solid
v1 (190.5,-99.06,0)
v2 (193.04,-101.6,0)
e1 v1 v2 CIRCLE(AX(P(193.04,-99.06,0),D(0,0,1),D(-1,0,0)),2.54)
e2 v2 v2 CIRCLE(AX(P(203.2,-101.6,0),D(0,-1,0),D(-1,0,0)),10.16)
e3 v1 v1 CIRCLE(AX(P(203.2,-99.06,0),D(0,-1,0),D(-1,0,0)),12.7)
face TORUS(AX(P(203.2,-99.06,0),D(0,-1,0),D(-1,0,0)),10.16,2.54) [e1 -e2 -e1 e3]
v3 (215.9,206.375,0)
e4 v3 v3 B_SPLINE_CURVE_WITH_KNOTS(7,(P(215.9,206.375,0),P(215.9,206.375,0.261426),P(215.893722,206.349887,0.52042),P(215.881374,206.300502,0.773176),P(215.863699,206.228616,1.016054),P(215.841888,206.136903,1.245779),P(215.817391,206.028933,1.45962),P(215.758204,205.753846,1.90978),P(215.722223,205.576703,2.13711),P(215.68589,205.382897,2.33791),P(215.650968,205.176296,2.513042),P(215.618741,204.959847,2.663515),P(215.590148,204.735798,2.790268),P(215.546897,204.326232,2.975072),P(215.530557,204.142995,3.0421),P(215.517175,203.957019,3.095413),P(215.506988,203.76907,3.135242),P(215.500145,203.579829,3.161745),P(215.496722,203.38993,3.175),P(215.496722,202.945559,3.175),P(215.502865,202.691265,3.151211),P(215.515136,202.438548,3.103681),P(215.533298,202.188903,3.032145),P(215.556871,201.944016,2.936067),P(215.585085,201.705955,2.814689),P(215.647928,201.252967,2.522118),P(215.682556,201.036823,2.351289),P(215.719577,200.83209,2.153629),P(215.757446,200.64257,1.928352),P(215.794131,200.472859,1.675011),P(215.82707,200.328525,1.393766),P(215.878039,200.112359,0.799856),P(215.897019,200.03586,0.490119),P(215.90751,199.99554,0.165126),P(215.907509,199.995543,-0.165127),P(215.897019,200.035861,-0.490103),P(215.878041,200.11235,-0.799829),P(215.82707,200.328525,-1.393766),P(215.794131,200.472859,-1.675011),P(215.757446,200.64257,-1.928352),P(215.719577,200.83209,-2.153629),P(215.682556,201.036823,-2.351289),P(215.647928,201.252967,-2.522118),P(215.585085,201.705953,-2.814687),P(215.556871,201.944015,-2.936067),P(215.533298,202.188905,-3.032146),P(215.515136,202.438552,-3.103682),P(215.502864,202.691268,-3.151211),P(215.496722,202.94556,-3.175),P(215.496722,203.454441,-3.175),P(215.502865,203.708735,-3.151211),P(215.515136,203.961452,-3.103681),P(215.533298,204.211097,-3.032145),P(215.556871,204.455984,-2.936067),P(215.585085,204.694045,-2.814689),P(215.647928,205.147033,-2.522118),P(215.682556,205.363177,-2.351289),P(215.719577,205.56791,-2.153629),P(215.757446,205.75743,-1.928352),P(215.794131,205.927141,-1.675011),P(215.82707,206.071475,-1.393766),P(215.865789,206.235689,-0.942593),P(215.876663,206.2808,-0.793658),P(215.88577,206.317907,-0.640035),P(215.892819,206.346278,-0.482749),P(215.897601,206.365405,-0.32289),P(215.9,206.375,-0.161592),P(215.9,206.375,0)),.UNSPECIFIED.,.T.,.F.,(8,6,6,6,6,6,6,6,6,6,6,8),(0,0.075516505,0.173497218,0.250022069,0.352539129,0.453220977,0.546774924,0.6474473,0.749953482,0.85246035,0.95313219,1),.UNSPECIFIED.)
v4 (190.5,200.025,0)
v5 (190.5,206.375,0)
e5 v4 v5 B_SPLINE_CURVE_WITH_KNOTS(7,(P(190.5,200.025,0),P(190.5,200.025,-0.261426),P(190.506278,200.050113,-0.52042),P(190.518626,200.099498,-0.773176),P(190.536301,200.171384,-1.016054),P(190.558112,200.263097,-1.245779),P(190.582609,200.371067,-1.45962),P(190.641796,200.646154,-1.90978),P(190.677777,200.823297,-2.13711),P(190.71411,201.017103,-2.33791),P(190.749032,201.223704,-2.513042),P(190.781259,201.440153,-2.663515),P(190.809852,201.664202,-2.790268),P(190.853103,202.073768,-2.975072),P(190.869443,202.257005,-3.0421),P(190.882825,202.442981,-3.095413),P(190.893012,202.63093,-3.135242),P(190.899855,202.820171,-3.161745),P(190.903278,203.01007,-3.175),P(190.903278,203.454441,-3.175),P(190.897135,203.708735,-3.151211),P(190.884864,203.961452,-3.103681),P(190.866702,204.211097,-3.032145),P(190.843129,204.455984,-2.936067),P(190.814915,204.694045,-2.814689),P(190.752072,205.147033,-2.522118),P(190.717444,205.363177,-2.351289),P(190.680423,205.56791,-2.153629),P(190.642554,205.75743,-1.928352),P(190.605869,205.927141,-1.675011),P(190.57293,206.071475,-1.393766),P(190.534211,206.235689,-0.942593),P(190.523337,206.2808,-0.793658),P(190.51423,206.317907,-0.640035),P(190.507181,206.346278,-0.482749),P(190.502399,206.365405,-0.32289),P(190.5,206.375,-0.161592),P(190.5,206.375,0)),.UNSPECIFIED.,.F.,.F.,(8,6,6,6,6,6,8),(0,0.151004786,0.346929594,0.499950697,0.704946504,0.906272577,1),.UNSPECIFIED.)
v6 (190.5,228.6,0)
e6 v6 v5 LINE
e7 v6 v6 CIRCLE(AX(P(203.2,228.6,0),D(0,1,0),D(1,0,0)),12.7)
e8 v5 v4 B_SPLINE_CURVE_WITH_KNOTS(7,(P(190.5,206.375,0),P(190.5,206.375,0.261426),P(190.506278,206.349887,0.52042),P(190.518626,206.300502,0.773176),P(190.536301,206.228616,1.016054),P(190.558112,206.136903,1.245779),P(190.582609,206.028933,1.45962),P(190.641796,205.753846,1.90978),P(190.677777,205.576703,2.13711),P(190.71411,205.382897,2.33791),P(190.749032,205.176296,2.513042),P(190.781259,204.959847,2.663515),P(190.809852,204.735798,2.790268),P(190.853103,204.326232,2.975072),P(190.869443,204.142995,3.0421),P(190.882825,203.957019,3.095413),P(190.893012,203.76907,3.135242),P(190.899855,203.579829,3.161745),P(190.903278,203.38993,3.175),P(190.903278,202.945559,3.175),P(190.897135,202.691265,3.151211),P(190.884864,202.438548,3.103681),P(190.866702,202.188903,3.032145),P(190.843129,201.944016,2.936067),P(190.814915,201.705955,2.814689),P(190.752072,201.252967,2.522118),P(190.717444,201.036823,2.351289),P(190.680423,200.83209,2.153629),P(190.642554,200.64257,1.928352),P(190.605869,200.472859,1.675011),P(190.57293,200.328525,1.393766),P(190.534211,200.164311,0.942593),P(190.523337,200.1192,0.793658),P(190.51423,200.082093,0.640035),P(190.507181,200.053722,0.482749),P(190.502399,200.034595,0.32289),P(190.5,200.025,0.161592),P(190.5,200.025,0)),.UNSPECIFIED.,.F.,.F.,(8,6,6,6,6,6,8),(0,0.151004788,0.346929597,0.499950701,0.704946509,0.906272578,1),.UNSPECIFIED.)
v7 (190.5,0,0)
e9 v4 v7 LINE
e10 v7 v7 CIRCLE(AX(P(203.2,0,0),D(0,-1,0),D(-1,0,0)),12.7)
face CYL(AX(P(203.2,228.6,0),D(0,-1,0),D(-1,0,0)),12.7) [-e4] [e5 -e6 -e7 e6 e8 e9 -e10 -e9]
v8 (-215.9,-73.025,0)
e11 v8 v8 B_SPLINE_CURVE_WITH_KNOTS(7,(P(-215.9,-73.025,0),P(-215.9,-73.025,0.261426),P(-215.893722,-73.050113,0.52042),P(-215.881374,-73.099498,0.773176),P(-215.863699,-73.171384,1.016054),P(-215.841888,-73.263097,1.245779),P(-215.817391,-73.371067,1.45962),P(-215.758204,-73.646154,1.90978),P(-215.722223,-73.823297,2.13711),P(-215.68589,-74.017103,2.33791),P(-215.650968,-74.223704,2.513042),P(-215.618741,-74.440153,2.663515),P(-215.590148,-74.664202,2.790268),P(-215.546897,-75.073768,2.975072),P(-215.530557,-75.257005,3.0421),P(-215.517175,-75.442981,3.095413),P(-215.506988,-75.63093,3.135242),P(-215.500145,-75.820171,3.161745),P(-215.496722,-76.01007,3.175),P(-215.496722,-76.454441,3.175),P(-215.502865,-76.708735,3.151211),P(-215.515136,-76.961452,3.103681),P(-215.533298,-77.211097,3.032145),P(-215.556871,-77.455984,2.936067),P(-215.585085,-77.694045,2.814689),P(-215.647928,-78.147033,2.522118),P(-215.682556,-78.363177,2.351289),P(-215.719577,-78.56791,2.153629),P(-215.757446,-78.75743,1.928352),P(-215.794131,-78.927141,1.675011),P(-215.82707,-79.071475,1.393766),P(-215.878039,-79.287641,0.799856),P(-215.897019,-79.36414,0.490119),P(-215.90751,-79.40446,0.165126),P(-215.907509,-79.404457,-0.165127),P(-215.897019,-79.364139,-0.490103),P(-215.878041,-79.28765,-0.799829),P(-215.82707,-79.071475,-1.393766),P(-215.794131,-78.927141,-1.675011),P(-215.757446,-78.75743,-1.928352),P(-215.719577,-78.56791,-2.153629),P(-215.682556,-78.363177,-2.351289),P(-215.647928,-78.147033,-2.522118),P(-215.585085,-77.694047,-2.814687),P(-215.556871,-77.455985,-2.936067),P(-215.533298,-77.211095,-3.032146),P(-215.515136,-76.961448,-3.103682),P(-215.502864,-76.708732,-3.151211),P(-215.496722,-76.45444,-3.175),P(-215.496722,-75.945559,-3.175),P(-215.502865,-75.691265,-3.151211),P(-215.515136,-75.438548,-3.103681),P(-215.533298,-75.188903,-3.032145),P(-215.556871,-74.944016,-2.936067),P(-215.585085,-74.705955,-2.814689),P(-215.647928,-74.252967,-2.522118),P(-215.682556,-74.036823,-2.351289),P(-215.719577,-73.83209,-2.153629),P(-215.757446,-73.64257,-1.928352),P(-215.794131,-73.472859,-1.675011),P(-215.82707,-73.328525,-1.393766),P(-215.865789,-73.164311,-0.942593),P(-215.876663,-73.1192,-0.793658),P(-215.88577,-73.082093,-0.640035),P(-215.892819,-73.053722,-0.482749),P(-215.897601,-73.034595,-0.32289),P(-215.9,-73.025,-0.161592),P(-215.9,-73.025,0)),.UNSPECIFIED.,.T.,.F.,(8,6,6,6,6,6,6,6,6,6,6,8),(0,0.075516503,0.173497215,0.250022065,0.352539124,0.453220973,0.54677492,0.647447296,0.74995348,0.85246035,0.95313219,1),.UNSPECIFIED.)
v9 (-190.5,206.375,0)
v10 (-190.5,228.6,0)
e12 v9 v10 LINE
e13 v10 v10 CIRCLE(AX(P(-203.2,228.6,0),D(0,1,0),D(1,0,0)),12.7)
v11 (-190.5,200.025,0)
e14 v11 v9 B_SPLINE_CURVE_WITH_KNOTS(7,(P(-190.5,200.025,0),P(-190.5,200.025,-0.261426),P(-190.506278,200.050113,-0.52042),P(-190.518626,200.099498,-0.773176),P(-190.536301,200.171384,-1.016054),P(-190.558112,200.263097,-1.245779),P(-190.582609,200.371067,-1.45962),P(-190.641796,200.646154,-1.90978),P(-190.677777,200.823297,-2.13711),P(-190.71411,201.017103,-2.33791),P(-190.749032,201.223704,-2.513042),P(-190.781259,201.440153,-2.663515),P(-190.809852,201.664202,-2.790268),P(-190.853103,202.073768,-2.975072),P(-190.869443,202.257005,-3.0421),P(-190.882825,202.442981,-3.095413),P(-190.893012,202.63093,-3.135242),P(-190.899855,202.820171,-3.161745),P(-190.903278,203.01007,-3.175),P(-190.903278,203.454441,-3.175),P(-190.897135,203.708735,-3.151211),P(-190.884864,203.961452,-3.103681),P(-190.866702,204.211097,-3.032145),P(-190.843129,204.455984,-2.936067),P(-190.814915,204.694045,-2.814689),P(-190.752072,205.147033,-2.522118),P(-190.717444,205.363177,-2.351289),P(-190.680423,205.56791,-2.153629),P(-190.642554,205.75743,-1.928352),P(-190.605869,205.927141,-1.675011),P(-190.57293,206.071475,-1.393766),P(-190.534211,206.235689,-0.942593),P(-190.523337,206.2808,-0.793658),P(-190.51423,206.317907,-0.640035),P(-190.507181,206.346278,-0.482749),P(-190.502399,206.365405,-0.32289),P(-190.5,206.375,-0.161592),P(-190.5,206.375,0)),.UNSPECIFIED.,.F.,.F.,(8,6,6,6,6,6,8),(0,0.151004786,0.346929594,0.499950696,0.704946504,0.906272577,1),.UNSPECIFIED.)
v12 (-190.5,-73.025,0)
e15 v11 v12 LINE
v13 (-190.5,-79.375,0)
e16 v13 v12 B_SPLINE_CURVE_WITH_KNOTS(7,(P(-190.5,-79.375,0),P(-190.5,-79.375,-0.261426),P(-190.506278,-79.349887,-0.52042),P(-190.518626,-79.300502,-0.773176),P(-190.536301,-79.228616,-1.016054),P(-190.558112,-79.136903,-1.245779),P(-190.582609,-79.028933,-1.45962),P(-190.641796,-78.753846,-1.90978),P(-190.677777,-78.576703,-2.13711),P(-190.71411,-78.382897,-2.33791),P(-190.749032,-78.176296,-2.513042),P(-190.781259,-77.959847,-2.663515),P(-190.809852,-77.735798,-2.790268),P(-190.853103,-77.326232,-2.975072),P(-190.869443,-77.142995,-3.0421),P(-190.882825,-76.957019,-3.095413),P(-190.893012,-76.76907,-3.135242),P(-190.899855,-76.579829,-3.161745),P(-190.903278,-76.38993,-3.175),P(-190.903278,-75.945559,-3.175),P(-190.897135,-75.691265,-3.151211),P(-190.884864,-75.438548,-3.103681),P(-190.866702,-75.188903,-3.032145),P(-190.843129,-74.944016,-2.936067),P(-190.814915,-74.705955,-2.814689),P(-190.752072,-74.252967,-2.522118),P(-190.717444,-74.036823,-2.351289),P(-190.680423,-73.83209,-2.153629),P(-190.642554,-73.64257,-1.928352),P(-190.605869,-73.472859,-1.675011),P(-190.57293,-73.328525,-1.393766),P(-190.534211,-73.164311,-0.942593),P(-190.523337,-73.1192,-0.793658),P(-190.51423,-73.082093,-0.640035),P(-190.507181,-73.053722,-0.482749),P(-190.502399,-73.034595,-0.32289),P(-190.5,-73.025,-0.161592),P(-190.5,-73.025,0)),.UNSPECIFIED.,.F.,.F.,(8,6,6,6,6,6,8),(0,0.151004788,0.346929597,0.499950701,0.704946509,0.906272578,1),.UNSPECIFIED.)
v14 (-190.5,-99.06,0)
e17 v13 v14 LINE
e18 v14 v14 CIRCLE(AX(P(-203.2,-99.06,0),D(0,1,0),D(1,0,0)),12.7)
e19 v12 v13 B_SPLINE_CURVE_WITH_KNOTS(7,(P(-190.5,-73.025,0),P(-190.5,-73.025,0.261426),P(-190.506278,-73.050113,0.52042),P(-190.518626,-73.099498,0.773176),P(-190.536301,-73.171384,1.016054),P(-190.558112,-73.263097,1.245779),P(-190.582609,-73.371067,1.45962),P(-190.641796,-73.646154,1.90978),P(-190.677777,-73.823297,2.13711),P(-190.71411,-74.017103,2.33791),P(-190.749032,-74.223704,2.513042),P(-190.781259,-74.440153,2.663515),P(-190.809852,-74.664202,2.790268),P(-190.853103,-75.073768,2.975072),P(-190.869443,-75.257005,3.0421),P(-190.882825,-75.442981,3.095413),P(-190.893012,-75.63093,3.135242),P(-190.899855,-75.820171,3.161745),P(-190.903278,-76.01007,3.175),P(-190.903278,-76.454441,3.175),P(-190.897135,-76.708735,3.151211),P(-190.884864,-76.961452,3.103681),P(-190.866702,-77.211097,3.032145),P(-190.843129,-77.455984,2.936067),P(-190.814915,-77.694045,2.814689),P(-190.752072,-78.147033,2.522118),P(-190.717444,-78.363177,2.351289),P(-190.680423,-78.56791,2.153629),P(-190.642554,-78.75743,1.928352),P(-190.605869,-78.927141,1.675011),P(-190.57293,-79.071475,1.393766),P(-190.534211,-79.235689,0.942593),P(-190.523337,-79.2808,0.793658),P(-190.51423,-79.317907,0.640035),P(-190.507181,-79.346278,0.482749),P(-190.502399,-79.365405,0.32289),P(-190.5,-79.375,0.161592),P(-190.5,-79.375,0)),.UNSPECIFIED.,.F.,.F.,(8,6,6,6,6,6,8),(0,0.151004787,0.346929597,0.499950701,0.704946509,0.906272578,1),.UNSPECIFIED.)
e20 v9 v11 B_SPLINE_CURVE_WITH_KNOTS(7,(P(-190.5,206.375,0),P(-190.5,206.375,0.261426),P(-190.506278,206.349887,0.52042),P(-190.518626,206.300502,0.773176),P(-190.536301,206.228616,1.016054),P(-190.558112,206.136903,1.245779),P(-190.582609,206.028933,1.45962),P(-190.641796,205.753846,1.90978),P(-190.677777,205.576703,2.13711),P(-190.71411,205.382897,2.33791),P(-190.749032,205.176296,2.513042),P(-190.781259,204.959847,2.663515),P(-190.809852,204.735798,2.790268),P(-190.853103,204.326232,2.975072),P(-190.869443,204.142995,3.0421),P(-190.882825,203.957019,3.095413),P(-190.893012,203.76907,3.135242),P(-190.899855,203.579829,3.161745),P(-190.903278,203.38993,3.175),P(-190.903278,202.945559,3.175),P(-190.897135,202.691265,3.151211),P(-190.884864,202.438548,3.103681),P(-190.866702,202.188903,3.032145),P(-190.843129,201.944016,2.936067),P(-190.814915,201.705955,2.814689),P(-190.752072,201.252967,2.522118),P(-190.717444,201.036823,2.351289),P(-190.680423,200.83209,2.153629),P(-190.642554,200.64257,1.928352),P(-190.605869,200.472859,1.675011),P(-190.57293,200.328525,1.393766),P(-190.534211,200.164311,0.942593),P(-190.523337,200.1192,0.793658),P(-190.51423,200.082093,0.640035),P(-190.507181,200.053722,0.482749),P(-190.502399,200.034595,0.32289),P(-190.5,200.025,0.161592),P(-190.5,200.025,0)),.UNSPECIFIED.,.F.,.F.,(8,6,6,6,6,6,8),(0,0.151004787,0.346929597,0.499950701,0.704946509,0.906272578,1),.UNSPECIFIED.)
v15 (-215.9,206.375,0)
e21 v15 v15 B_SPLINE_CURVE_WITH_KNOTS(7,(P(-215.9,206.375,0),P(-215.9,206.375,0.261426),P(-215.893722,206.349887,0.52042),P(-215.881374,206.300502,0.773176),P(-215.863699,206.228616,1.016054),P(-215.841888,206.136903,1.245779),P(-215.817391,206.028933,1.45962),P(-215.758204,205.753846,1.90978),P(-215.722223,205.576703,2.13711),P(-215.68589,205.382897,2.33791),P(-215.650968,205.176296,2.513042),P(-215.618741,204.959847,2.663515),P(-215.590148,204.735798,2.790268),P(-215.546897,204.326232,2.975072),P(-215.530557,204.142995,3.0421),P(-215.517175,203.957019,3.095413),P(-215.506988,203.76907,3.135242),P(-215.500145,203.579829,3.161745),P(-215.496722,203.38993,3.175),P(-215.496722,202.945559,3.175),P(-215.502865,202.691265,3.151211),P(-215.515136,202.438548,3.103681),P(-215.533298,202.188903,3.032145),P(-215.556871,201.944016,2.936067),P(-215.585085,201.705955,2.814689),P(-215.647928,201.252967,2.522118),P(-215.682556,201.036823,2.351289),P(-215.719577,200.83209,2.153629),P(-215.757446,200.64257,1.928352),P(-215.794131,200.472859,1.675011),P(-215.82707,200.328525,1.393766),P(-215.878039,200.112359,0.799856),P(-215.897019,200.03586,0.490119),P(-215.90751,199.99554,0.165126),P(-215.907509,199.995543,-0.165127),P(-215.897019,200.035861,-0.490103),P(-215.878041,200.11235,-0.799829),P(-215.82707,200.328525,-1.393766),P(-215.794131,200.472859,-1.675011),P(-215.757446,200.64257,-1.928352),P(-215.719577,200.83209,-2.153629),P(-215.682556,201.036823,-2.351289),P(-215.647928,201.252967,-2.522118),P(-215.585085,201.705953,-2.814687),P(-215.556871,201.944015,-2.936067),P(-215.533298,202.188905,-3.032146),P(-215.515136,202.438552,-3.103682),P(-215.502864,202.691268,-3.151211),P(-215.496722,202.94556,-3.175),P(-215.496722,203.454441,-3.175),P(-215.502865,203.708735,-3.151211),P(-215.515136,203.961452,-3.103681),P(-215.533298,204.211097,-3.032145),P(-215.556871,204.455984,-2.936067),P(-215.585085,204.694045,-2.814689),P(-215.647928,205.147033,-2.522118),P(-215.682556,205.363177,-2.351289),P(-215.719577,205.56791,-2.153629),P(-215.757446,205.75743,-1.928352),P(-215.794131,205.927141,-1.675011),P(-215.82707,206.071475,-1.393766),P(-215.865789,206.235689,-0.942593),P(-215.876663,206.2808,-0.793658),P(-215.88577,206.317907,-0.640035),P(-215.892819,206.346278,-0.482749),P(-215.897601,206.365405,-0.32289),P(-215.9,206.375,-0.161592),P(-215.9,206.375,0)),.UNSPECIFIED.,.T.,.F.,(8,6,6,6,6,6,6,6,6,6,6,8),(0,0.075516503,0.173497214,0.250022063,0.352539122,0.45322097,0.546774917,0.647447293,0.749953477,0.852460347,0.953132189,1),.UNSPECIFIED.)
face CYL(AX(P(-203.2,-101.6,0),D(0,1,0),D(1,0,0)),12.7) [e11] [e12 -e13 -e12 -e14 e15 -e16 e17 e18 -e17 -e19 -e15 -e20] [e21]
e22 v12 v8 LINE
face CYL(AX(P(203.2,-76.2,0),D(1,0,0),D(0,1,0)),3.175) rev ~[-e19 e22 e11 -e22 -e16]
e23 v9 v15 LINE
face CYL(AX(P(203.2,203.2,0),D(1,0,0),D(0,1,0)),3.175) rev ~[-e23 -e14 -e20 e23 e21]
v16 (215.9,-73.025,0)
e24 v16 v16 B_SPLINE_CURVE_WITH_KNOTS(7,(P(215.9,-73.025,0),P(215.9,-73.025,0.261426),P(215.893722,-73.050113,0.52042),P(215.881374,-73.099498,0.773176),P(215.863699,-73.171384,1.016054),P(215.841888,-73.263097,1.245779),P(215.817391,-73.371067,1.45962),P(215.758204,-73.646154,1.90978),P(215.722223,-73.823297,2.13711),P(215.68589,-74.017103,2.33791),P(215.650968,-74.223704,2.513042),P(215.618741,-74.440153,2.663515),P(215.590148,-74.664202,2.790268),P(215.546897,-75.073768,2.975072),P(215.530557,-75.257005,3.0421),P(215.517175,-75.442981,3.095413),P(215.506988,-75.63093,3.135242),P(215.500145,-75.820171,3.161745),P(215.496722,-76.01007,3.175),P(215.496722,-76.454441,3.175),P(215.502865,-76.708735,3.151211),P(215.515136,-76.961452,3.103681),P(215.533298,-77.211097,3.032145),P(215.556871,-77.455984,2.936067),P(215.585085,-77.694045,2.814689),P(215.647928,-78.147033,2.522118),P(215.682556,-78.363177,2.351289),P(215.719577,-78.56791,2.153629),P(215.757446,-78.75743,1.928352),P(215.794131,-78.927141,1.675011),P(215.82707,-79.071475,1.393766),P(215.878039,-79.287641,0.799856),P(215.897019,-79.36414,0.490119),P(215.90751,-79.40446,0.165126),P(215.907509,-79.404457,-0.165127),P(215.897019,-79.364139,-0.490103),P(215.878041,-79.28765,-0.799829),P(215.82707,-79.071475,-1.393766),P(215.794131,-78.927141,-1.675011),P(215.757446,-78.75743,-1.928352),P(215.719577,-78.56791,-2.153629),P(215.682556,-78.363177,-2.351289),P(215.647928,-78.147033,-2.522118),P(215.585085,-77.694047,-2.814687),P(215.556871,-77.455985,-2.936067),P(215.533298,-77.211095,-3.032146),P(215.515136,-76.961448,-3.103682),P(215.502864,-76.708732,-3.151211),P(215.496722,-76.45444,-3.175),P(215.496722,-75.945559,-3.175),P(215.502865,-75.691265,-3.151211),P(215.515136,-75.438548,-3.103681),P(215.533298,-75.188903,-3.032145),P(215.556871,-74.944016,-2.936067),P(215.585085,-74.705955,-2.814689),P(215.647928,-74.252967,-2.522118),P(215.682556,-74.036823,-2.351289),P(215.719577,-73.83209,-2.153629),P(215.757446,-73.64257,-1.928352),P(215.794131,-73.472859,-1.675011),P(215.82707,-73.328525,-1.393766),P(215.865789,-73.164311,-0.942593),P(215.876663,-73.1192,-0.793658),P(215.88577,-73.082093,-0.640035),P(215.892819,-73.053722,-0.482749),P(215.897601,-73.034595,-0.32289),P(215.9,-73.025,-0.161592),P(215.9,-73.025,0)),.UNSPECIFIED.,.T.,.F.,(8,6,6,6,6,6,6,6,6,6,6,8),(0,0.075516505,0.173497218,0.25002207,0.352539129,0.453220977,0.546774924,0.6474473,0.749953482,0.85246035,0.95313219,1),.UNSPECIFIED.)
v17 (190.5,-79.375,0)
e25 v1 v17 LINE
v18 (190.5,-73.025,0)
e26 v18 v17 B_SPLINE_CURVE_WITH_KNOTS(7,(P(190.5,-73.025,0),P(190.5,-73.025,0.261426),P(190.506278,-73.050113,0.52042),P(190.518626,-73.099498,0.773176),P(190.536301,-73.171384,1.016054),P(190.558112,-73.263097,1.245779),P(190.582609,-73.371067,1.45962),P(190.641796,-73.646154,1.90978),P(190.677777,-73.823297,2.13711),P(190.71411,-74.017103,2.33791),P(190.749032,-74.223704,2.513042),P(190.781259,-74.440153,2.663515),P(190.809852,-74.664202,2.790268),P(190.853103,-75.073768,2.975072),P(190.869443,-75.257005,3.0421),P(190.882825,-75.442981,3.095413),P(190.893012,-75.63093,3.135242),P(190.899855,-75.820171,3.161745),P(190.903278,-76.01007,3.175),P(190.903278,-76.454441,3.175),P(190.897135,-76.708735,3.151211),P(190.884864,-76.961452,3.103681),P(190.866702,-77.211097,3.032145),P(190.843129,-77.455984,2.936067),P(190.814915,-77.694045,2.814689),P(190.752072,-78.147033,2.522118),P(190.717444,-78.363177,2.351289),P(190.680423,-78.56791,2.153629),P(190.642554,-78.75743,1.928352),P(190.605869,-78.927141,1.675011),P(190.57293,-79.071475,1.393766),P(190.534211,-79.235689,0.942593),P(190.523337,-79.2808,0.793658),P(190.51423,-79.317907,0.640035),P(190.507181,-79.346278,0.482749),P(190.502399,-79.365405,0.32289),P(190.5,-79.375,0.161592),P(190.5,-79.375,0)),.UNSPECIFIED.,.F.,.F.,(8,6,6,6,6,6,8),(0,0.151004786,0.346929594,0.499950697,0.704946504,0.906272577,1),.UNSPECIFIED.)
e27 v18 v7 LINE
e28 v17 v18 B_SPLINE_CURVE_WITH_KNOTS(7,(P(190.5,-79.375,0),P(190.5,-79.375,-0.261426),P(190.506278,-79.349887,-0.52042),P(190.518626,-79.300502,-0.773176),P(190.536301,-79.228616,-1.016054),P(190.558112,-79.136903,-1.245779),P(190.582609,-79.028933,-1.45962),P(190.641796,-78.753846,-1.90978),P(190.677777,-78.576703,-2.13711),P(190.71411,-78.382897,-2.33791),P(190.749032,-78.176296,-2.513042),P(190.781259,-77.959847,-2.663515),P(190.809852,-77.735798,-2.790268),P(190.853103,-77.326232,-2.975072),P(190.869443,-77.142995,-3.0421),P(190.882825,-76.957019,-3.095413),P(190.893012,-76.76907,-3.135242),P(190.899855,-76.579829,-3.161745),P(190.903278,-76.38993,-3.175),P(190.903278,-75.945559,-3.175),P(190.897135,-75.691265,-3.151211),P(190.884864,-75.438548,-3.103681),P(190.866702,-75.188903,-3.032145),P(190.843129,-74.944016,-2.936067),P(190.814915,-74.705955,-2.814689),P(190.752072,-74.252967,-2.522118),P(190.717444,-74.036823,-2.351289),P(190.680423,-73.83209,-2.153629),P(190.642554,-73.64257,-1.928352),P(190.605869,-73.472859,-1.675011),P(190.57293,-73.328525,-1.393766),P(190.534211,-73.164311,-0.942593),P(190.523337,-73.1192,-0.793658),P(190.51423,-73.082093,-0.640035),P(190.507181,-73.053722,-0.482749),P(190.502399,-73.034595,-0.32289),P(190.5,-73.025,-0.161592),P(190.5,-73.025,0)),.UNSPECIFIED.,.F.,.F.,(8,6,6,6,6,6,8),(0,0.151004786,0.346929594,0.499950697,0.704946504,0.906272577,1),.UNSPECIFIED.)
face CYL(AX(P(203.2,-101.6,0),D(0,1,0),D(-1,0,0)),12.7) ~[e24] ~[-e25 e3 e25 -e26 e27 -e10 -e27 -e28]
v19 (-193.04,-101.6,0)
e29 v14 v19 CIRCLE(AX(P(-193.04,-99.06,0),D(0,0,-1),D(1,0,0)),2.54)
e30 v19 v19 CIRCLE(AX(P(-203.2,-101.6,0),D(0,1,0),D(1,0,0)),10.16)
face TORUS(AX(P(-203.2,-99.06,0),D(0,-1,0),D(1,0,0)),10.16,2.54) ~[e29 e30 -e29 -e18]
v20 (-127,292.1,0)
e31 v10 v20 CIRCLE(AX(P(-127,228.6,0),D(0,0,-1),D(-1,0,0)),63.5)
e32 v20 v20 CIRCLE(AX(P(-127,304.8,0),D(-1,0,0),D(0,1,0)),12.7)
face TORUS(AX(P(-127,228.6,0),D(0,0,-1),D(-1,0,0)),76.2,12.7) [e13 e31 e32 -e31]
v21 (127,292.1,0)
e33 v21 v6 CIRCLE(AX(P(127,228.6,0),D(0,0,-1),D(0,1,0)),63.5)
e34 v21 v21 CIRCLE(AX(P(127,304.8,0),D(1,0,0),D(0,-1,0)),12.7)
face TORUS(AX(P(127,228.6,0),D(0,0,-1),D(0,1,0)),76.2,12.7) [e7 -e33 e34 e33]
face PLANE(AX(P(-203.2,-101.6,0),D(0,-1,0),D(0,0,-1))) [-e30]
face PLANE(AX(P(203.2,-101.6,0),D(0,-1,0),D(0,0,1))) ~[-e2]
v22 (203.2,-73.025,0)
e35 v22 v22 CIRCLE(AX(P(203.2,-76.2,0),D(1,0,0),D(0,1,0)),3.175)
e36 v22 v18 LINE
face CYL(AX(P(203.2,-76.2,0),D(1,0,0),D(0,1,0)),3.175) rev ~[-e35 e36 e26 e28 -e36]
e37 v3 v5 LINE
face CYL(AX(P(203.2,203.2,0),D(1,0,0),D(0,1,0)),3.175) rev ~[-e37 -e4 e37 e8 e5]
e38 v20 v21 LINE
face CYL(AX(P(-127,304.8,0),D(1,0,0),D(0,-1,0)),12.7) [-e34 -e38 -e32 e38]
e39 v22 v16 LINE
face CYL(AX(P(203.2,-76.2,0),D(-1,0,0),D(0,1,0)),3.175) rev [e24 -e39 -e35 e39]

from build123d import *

# Parameters (mm, degrees)
F2_R          = 12.7
F6_DEPTH      = 19.05
F6_DEPTH_BACK = 430.53
F8_R          = 3.175
F9_DEPTH      = 19.05
F9_DEPTH_BACK = 425.958
F10_R         = 2.54


with BuildPart() as f3:
    # F3: sweep along a path in F1
    with BuildLine(Plane.XY) as f3_path:
        Line((-203.2, -101.6), (-203.2, 0))
        Line((-203.2, 0), (-203.2, 228.6))
        ThreePointArc((-203.2, 228.6), (-180.8815367264, 282.4815367264), (-127, 304.8))
        Line((-127, 304.8), (0, 304.8))
        Line((0, 304.8), (127, 304.8))
        ThreePointArc((127, 304.8), (180.8815367264, 282.4815367264), (203.2, 228.6))
        Line((203.2, 228.6), (203.2, 0))
    # F2 (on offset) → F3 (sweep)
    with BuildSketch(Plane.XZ.offset(101.6)):
        with Locations((-203.2, 0)):
            Circle(F2_R)
    sweep(path=f3_path.line)

    # F5 (on offset) → F6 (cut, two sides)
    with BuildSketch(Plane.YZ.offset(203.2)) as f6_sk:
        with BuildLine():
            ThreePointArc((200.025, 0), (203.2, -3.175), (206.375, 0))
            ThreePointArc((206.375, 0), (203.2, 3.175), (200.025, 0))
        make_face()
    extrude(amount=F6_DEPTH, mode=Mode.SUBTRACT)
    extrude(f6_sk.sketch, amount=-F6_DEPTH_BACK, mode=Mode.SUBTRACT)

    # F7: F3 across plane


with BuildPart() as f3_1:
    add(f3.part)
    add(f3.part.mirror(Plane.YZ))

    # F8 (on offset) → F9 (cut, two sides)
    with BuildSketch(Plane.YZ.offset(203.2)) as f9_sk:
        with Locations((-76.2, 0)):
            Circle(F8_R)
    extrude(amount=F9_DEPTH, mode=Mode.SUBTRACT)
    extrude(f9_sk.sketch, amount=-F9_DEPTH_BACK, mode=Mode.SUBTRACT)

    # F10
    f10_edges = [f3_1.edges().sort_by_distance(p)[0] for p in [
        (-215.9, -101.6, 0),
        (215.9, -101.6, 0),
    ]]
    fillet(f10_edges, radius=F10_R)


solid = f3_1.part
